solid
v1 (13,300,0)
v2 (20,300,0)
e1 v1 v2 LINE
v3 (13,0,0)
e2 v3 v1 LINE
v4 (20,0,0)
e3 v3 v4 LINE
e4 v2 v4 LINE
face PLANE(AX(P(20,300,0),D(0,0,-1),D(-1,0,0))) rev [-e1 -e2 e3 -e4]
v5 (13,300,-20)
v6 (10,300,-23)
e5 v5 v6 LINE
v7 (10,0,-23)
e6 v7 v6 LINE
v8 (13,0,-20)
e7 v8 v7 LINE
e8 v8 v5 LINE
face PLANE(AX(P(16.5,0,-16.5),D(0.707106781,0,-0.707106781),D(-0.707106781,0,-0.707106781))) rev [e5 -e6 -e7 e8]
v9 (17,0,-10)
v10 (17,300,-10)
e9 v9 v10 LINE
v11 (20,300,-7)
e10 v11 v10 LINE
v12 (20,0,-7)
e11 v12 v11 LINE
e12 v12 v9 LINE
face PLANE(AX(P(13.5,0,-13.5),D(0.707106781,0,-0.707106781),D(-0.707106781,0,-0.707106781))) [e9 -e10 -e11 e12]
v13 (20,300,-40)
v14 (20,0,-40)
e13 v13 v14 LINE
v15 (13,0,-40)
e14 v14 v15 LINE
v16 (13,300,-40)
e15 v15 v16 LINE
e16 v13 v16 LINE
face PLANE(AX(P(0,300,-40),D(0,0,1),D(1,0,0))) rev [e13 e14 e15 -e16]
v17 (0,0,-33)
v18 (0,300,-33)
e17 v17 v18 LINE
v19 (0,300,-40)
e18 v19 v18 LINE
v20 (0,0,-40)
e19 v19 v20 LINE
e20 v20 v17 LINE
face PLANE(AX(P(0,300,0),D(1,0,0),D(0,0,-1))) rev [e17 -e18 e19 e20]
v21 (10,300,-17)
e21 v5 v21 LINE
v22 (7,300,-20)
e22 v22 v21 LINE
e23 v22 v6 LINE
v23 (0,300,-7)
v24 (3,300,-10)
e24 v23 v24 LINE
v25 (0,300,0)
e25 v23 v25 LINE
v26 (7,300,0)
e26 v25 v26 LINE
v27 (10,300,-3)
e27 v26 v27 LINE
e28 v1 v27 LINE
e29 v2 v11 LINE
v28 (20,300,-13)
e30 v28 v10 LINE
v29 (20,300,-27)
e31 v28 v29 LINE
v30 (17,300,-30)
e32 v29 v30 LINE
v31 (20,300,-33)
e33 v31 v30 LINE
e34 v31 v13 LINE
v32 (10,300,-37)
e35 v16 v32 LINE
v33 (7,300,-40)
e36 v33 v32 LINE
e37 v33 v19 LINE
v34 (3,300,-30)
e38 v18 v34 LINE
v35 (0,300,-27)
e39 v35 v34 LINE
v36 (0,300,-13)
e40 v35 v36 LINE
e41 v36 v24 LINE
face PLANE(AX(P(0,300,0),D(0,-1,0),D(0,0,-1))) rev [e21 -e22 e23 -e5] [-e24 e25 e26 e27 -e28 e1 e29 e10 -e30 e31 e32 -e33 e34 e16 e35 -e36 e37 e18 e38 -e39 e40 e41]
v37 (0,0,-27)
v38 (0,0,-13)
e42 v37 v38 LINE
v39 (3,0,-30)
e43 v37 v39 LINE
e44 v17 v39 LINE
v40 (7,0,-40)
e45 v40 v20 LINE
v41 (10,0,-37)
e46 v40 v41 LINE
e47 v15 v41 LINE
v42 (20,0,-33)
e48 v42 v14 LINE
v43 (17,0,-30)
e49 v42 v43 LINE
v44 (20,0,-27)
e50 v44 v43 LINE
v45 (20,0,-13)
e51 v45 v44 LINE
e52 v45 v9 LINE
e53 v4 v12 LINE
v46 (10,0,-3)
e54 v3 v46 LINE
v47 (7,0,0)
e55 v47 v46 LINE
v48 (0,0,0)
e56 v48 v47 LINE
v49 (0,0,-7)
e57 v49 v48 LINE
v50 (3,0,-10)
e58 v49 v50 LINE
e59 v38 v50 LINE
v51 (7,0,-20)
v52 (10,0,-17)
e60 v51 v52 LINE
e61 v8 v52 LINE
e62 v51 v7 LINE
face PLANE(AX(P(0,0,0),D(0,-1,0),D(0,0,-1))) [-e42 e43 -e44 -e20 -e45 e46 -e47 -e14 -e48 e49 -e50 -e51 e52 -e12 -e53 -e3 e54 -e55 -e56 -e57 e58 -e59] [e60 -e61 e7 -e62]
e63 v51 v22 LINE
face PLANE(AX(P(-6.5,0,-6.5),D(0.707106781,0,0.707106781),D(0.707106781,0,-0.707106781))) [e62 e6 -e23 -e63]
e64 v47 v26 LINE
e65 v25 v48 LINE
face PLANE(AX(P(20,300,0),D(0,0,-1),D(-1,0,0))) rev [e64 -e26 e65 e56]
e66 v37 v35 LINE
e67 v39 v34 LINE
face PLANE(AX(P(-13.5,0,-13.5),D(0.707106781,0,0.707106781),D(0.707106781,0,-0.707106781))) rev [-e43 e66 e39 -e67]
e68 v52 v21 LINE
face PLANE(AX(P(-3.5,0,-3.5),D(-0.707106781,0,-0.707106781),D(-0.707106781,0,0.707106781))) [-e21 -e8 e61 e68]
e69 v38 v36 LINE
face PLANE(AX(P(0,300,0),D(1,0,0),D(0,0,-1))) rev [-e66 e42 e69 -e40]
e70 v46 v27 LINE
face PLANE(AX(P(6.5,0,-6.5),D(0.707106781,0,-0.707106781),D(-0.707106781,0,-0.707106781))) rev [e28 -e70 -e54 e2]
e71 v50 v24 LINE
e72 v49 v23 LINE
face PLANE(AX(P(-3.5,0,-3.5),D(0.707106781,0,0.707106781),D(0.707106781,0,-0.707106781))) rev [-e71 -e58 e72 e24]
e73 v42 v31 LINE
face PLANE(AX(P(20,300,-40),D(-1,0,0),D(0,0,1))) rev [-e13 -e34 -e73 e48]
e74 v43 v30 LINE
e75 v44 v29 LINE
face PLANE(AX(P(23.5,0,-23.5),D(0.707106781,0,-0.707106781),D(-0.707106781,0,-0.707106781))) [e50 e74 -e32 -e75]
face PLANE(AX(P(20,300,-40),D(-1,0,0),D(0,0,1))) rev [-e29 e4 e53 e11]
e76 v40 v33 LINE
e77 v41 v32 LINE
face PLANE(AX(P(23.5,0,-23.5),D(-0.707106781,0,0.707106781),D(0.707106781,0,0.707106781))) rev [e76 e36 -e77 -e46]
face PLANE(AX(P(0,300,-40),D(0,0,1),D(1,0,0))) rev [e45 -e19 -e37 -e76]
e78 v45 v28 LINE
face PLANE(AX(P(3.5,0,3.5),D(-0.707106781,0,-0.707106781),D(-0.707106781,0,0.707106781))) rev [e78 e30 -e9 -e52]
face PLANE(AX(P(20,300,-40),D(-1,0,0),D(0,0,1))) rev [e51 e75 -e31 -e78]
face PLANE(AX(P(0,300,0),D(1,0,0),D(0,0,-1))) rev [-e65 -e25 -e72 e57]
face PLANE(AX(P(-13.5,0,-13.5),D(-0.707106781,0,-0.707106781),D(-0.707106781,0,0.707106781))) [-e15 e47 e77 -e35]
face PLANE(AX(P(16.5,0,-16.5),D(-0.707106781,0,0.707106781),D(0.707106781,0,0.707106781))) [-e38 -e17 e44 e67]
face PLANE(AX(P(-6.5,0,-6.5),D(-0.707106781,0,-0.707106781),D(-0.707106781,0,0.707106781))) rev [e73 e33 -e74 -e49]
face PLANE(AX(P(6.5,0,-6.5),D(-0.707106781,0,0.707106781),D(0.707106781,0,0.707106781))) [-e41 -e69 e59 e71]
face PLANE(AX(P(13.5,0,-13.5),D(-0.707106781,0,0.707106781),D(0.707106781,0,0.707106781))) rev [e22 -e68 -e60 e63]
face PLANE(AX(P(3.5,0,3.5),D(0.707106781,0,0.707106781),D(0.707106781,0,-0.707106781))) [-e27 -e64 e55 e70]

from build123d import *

# Parameters (mm, degrees)
SKIZZE1_W                       = 20
SKIZZE1_H                       = 40
AUFSATZ_LINEAR_AUSTRAGEN1_DEPTH = 300
SCHNITT_LINEAR_AUSTRAGEN1_DEPTH = 304.315017762


with BuildPart() as part:
    # Skizze1 → Aufsatz-Linear austragen1 (new body)
    with BuildSketch(Plane(origin=(0, 0, 0), x_dir=(1, 0, 0), z_dir=(0, 1, 0))):
        with Locations((10, 20)):
            Rectangle(SKIZZE1_W, SKIZZE1_H)
    extrude(amount=AUFSATZ_LINEAR_AUSTRAGEN1_DEPTH)

    # Skizze2 → Schnitt-Linear austragen1 (cut, through all)
    with BuildSketch(Plane(origin=(0, 300, 0), x_dir=(1, 0, 0), z_dir=(0, 1, 0))):
        Polygon((3, 30), (0, 33), (0, 27), align=None)
        Polygon((13, 40), (7, 40), (10, 37), align=None)
        Polygon((20, 27), (20, 33), (17, 30), align=None)
        Polygon((13, 20), (10, 17), (7, 20), align=None)
        Polygon((7, 20), (10, 23), (13, 20), align=None)
        Polygon((20, 7), (20, 13), (17, 10), align=None)
        Polygon((3, 10), (0, 13), (0, 7), align=None)
        Polygon((10, 3), (7, 0), (13, 0), align=None)
    extrude(amount=-SCHNITT_LINEAR_AUSTRAGEN1_DEPTH, mode=Mode.SUBTRACT)


solid = part.part
